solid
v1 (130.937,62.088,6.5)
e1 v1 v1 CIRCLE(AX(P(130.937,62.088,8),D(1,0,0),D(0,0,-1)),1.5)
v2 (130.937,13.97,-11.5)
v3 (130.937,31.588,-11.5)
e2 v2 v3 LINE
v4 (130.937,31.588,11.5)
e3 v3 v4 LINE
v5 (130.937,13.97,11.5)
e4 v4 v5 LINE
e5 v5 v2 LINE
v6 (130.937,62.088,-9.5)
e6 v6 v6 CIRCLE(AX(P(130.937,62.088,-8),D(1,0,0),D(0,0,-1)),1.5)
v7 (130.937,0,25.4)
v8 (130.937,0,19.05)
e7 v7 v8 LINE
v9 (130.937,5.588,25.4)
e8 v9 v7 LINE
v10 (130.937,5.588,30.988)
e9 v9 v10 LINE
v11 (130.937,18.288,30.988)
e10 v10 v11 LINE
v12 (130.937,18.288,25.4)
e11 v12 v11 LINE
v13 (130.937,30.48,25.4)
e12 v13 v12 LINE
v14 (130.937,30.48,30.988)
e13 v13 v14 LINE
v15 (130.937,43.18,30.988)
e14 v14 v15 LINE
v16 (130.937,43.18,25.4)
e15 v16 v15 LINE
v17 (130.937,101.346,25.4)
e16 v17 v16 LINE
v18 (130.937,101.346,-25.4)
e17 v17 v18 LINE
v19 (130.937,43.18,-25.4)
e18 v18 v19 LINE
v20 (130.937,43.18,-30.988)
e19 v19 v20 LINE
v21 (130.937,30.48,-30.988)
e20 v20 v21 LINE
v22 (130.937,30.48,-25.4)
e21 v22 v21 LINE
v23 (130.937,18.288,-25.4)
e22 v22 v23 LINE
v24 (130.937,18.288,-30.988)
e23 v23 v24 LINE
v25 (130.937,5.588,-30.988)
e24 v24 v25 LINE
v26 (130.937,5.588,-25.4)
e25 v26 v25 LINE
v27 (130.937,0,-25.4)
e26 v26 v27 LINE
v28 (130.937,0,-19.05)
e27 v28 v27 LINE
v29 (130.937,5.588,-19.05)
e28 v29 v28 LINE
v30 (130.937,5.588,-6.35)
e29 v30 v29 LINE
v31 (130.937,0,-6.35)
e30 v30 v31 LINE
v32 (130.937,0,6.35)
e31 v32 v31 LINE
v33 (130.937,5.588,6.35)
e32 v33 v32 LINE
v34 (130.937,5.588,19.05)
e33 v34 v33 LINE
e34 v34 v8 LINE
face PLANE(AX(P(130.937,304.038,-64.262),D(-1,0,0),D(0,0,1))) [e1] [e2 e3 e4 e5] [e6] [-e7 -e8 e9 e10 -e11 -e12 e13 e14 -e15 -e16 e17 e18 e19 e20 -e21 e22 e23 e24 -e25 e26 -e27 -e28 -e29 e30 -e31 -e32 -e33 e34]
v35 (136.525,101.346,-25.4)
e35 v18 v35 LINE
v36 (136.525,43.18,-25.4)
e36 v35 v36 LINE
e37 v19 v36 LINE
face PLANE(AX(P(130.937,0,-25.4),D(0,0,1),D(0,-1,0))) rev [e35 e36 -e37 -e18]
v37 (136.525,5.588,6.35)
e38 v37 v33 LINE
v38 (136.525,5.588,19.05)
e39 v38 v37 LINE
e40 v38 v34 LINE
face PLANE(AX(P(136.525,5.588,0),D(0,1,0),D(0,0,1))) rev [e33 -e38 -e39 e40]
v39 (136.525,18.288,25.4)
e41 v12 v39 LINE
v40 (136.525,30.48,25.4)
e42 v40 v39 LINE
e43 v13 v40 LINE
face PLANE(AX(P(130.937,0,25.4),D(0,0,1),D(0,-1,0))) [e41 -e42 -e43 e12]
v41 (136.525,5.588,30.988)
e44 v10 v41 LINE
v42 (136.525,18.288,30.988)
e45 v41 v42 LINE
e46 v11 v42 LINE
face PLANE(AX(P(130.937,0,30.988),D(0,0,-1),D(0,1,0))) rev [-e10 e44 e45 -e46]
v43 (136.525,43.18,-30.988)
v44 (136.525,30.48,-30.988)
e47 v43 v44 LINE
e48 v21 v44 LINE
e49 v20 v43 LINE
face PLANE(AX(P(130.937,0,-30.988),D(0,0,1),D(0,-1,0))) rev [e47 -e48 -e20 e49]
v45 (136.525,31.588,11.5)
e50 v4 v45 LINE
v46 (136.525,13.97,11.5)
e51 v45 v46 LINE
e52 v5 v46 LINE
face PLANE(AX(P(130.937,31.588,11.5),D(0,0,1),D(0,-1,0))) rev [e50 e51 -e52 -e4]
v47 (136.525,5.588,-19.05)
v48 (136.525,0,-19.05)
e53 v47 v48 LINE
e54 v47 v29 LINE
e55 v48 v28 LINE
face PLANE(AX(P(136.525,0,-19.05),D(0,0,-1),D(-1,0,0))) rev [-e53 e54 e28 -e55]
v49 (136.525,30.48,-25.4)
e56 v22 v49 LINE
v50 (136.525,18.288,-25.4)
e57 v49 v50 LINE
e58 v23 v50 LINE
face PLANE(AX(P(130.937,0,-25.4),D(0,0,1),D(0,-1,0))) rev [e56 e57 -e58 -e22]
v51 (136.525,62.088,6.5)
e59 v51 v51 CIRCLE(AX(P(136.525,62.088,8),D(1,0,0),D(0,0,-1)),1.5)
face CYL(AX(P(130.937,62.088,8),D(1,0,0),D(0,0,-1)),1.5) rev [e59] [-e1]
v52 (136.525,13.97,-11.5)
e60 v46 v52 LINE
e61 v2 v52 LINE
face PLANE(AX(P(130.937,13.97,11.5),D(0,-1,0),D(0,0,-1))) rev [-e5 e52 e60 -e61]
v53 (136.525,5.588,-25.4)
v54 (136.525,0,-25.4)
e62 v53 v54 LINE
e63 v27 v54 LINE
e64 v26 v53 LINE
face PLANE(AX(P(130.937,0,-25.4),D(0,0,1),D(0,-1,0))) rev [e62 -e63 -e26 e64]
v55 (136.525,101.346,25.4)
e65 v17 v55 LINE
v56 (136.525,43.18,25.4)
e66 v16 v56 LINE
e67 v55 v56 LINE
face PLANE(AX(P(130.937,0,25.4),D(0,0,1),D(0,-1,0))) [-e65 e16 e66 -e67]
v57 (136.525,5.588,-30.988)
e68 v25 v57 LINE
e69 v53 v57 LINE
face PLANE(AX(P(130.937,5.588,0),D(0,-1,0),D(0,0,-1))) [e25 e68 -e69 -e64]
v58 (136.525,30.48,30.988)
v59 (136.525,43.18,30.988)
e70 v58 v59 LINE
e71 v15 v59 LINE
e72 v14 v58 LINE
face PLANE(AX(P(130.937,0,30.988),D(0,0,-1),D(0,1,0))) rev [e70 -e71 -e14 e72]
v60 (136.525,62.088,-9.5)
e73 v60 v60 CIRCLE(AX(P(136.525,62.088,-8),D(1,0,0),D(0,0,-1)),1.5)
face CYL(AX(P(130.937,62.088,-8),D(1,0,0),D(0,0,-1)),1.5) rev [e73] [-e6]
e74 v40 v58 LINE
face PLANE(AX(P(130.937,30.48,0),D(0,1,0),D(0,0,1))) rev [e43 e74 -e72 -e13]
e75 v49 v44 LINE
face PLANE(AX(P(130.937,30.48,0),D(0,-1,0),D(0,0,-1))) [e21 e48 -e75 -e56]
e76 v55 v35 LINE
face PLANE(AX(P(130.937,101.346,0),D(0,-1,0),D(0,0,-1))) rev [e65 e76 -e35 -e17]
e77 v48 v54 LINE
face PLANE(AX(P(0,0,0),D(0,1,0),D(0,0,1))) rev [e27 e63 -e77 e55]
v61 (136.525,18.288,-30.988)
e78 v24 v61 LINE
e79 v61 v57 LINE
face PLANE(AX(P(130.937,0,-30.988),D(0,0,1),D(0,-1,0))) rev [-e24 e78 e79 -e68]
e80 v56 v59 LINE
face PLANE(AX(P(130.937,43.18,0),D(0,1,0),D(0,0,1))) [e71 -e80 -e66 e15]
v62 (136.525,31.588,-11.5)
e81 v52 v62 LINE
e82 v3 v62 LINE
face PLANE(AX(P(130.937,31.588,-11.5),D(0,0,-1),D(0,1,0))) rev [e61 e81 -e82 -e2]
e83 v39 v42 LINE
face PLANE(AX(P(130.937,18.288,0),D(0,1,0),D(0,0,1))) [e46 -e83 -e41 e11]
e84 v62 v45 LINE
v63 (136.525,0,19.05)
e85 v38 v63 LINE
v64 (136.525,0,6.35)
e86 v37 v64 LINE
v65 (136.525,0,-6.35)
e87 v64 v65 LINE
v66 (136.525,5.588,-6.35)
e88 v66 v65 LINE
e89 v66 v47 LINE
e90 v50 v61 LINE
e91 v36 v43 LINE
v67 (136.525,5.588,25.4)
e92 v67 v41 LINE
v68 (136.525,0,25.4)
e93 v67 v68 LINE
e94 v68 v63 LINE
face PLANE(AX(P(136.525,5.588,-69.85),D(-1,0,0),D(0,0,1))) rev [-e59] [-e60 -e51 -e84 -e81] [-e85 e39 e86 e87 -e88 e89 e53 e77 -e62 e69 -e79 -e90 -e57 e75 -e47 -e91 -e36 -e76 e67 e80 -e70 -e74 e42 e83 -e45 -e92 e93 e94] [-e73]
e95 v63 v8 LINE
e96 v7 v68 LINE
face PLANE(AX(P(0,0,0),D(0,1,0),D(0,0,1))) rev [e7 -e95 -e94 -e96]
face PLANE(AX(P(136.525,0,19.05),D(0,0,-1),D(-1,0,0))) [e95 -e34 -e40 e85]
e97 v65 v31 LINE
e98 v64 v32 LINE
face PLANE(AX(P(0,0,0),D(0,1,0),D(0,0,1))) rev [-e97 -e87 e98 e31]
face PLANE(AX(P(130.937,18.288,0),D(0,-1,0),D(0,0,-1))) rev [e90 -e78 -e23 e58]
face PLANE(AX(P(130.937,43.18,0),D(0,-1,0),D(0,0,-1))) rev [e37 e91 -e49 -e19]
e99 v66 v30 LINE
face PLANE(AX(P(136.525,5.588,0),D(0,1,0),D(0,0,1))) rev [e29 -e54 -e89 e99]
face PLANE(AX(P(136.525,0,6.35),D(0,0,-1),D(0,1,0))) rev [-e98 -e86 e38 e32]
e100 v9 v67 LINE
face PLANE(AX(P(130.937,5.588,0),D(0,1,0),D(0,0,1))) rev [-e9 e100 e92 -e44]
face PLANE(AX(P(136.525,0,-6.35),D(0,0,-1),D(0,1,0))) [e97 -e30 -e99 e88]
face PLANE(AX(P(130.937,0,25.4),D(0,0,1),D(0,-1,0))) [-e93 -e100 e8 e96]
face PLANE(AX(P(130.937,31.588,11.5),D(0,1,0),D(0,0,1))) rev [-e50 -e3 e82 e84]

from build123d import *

# Parameters (mm, degrees)
SKETCH1_W              = 273.05
SKETCH1_H              = 139.7
BOSS_EXTRUDE1_DEPTH    = 5.588
SKETCH2_W              = 273.05
SKETCH2_H              = 139.7
SKETCH2_W_2            = 261.874
SKETCH2_H_2            = 128.524
BOSS_EXTRUDE2_DEPTH    = 298.45
SKETCH3_W              = 6.35
SKETCH3_H              = 16.933333333
SKETCH3_H_2            = 16.933333334
DOOR_SLOT_DEPTH        = 12.7
DOOR_GUIDE_HOLES_REACH = 361.255
SKETCH4_W              = 6.35
SKETCH4_H              = 15.875
LEVER_HOLES_W          = 9.652
LEVER_HOLES_H          = 6.35
LEVER_HOLES_W_2        = 6.35
CUT_EXTRUDE1_DEPTH     = 362.378293578
CUT_EXTRUDE3_REACH     = 416.577
SKETCH8_R              = 3.175
SKETCH16_W             = 327.238778096
SKETCH16_H             = 314.471565403
CUT_EXTRUDE10_DEPTH    = 362.378293578
LEFT_RIGHT_W           = 6.35
LEFT_RIGHT_H           = 5.588
LEFT_RIGHT_W_2         = 12.7
LEFT_RIGHT_H_2         = 12.66825
CUT_EXTRUDE11_DEPTH    = 415.577411883
SKETCH17_R             = 1.5
SKETCH17_W             = 23
SKETCH17_H             = 17.61800007
CUT_EXTRUDE12_DEPTH    = 313.00857951
CUT_EXTRUDE13_DEPTH    = 313.00857951


with BuildPart() as part:
    # Sketch1 → Boss-Extrude1 (new body)
    with BuildSketch(Plane(origin=(0, 0, 0), x_dir=(1, 0, 0), z_dir=(0, 1, 0))):
        Rectangle(SKETCH1_W, SKETCH1_H)
    extrude(amount=BOSS_EXTRUDE1_DEPTH)

    # Sketch2 → Boss-Extrude2 (add)
    with BuildSketch(Plane(origin=(0, 5.588, 0), x_dir=(1, 0, 0), z_dir=(0, 1, 0))):
        Rectangle(SKETCH2_W, SKETCH2_H)
        Rectangle(SKETCH2_W_2, SKETCH2_H_2, mode=Mode.SUBTRACT)
    extrude(amount=BOSS_EXTRUDE2_DEPTH)

    # Sketch3 → Door Slot (cut)
    with BuildSketch(Plane.XY.offset(69.85)):
        with BuildLine():
            Line((-29.337, 282.448), (-29.337, 5.588))
            Line((-29.337, 5.588), (-22.733, 5.588))
            Line((-22.733, 5.588), (-22.733, 291.592))
            Line((-22.733, 291.592), (-42.291, 291.592))
            Line((-42.291, 291.592), (-42.291, 284.988))
            Line((-42.291, 284.988), (-31.877, 284.988))
            ThreePointArc((-31.877, 284.988), (-30.080948776, 284.244051224), (-29.337, 282.448))
        make_face()
        with Locations((-13.208, 80.433333334)):
            Rectangle(SKETCH3_W, SKETCH3_H)
        with Locations((-13.208, 50.8)):
            Rectangle(SKETCH3_W, SKETCH3_H_2)
        with Locations((-13.208, 21.166666667)):
            Rectangle(SKETCH3_W, SKETCH3_H)
    extrude(amount=-DOOR_SLOT_DEPTH, mode=Mode.SUBTRACT)

    # Sketch4 → Door Guide Holes (cut, up to next)
    with BuildSketch(Plane.XY.offset(-64.262), mode=Mode.PRIVATE) as door_guide_holes_sk1:
        with Locations((-45.466, 283.4005)):
            Rectangle(SKETCH4_W, SKETCH4_H)
    door_guide_holes_tool1 = extrude(door_guide_holes_sk1.sketch, amount=-DOOR_GUIDE_HOLES_REACH, mode=Mode.PRIVATE) & part.part
    # Sketch4 → Door Guide Holes (cut, up to next)
    with BuildSketch(Plane.XY.offset(-64.262), mode=Mode.PRIVATE) as door_guide_holes_sk2:
        with Locations((-45.466, 254.8255)):
            Rectangle(SKETCH4_W, SKETCH4_H)
    door_guide_holes_tool2 = extrude(door_guide_holes_sk2.sketch, amount=-DOOR_GUIDE_HOLES_REACH, mode=Mode.PRIVATE) & part.part
    # Sketch4 → Door Guide Holes (cut, up to next)
    with BuildSketch(Plane.XY.offset(-64.262), mode=Mode.PRIVATE) as door_guide_holes_sk3:
        with Locations((-45.466, 226.2505)):
            Rectangle(SKETCH4_W, SKETCH4_H)
    door_guide_holes_tool3 = extrude(door_guide_holes_sk3.sketch, amount=-DOOR_GUIDE_HOLES_REACH, mode=Mode.PRIVATE) & part.part
    # Sketch4 → Door Guide Holes (cut, up to next)
    with BuildSketch(Plane.XY.offset(-64.262), mode=Mode.PRIVATE) as door_guide_holes_sk4:
        with Locations((-45.466, 197.6755)):
            Rectangle(SKETCH4_W, SKETCH4_H)
    door_guide_holes_tool4 = extrude(door_guide_holes_sk4.sketch, amount=-DOOR_GUIDE_HOLES_REACH, mode=Mode.PRIVATE) & part.part
    # Sketch4 → Door Guide Holes (cut, up to next)
    with BuildSketch(Plane.XY.offset(-64.262), mode=Mode.PRIVATE) as door_guide_holes_sk5:
        with Locations((-45.466, 169.1005)):
            Rectangle(SKETCH4_W, SKETCH4_H)
    door_guide_holes_tool5 = extrude(door_guide_holes_sk5.sketch, amount=-DOOR_GUIDE_HOLES_REACH, mode=Mode.PRIVATE) & part.part
    # Sketch4 → Door Guide Holes (cut, up to next)
    with BuildSketch(Plane.XY.offset(-64.262), mode=Mode.PRIVATE) as door_guide_holes_sk6:
        with Locations((-45.466, 140.5255)):
            Rectangle(SKETCH4_W, SKETCH4_H)
    door_guide_holes_tool6 = extrude(door_guide_holes_sk6.sketch, amount=-DOOR_GUIDE_HOLES_REACH, mode=Mode.PRIVATE) & part.part
    # Sketch4 → Door Guide Holes (cut, up to next)
    with BuildSketch(Plane.XY.offset(-64.262), mode=Mode.PRIVATE) as door_guide_holes_sk7:
        with Locations((-45.466, 111.9505)):
            Rectangle(SKETCH4_W, SKETCH4_H)
    door_guide_holes_tool7 = extrude(door_guide_holes_sk7.sketch, amount=-DOOR_GUIDE_HOLES_REACH, mode=Mode.PRIVATE) & part.part
    # Sketch4 → Door Guide Holes (cut, up to next)
    with BuildSketch(Plane.XY.offset(-64.262), mode=Mode.PRIVATE) as door_guide_holes_sk8:
        with Locations((-45.466, 83.3755)):
            Rectangle(SKETCH4_W, SKETCH4_H)
    door_guide_holes_tool8 = extrude(door_guide_holes_sk8.sketch, amount=-DOOR_GUIDE_HOLES_REACH, mode=Mode.PRIVATE) & part.part
    # Sketch4 → Door Guide Holes (cut, up to next)
    with BuildSketch(Plane.XY.offset(-64.262), mode=Mode.PRIVATE) as door_guide_holes_sk9:
        with Locations((-45.466, 54.8005)):
            Rectangle(SKETCH4_W, SKETCH4_H)
    door_guide_holes_tool9 = extrude(door_guide_holes_sk9.sketch, amount=-DOOR_GUIDE_HOLES_REACH, mode=Mode.PRIVATE) & part.part
    # Sketch4 → Door Guide Holes (cut, up to next)
    with BuildSketch(Plane.XY.offset(-64.262), mode=Mode.PRIVATE) as door_guide_holes_sk10:
        with Locations((-45.466, 26.2255)):
            Rectangle(SKETCH4_W, SKETCH4_H)
    door_guide_holes_tool10 = extrude(door_guide_holes_sk10.sketch, amount=-DOOR_GUIDE_HOLES_REACH, mode=Mode.PRIVATE) & part.part
    door_guide_holes_1 = door_guide_holes_tool1.solids().sort_by_distance((-45.466, 283.4005, -64.262))[0]
    add(door_guide_holes_1, mode=Mode.SUBTRACT)
    door_guide_holes_2 = door_guide_holes_tool2.solids().sort_by_distance((-45.466, 254.8255, -64.262))[0]
    add(door_guide_holes_2, mode=Mode.SUBTRACT)
    door_guide_holes_3 = door_guide_holes_tool3.solids().sort_by_distance((-45.466, 226.2505, -64.262))[0]
    add(door_guide_holes_3, mode=Mode.SUBTRACT)
    door_guide_holes_4 = door_guide_holes_tool4.solids().sort_by_distance((-45.466, 197.6755, -64.262))[0]
    add(door_guide_holes_4, mode=Mode.SUBTRACT)
    door_guide_holes_5 = door_guide_holes_tool5.solids().sort_by_distance((-45.466, 169.1005, -64.262))[0]
    add(door_guide_holes_5, mode=Mode.SUBTRACT)
    door_guide_holes_6 = door_guide_holes_tool6.solids().sort_by_distance((-45.466, 140.5255, -64.262))[0]
    add(door_guide_holes_6, mode=Mode.SUBTRACT)
    door_guide_holes_7 = door_guide_holes_tool7.solids().sort_by_distance((-45.466, 111.9505, -64.262))[0]
    add(door_guide_holes_7, mode=Mode.SUBTRACT)
    door_guide_holes_8 = door_guide_holes_tool8.solids().sort_by_distance((-45.466, 83.3755, -64.262))[0]
    add(door_guide_holes_8, mode=Mode.SUBTRACT)
    door_guide_holes_9 = door_guide_holes_tool9.solids().sort_by_distance((-45.466, 54.8005, -64.262))[0]
    add(door_guide_holes_9, mode=Mode.SUBTRACT)
    door_guide_holes_10 = door_guide_holes_tool10.solids().sort_by_distance((-45.466, 26.2255, -64.262))[0]
    add(door_guide_holes_10, mode=Mode.SUBTRACT)
    door_guide_holes = door_guide_holes_1 + door_guide_holes_2 + door_guide_holes_3 + door_guide_holes_4 + door_guide_holes_5 + door_guide_holes_6 + door_guide_holes_7 + door_guide_holes_8 + door_guide_holes_9 + door_guide_holes_10  # Door Guide Holes as one shape, for the pattern or mirror that repeats it

    # Mirror1: Door Guide Holes across plane
    add(door_guide_holes.mirror(Plane.ZY.offset(32.512)), mode=Mode.SUBTRACT)

    # Lever Holes → Cut-Extrude1 (cut, through all)
    with BuildSketch(Plane.XY.offset(69.85)):
        with Locations((54.102, 28.575)):
            Rectangle(LEVER_HOLES_W, LEVER_HOLES_H)
        with Locations((39.3065, 15.875)):
            Rectangle(LEVER_HOLES_W_2, LEVER_HOLES_H)
        with Locations((68.8975, 15.875)):
            Rectangle(LEVER_HOLES_W_2, LEVER_HOLES_H)
    extrude(amount=-CUT_EXTRUDE1_DEPTH, mode=Mode.SUBTRACT)

    # Sketch8 → Cut-Extrude3 (cut, up to next)
    with BuildSketch(Plane.ZY.offset(136.525), mode=Mode.PRIVATE) as cut_extrude3_sk1:
        with Locations((0, 19.05)):
            Circle(SKETCH8_R)
    cut_extrude3_tool1 = extrude(cut_extrude3_sk1.sketch, amount=-CUT_EXTRUDE3_REACH, mode=Mode.PRIVATE) & part.part
    add(cut_extrude3_tool1.solids().sort_by_distance((-136.525, 19.05, 0))[0], mode=Mode.SUBTRACT)

    # Sketch16 → Cut-Extrude10 (cut, through all)
    with BuildSketch(Plane.XY.offset(69.85)):
        with Locations((-32.682389048, 146.802217299)):
            Rectangle(SKETCH16_W, SKETCH16_H)
    extrude(amount=-CUT_EXTRUDE10_DEPTH, mode=Mode.SUBTRACT)

    # Left/Right → Cut-Extrude11 (cut, through all)
    with BuildSketch(Plane.ZY.offset(136.525)):
        with Locations((60.325, 2.794)):
            Rectangle(LEFT_RIGHT_W, LEFT_RIGHT_H)
        with Locations((38.1, 2.794)):
            Rectangle(LEFT_RIGHT_W_2, LEFT_RIGHT_H)
        with Locations((66.675, 19.002375)):
            Rectangle(LEFT_RIGHT_W, LEFT_RIGHT_H_2)
        with Locations((12.7, 2.794)):
            Rectangle(LEFT_RIGHT_W_2, LEFT_RIGHT_H)
        with Locations((66.675, 44.338875)):
            Rectangle(LEFT_RIGHT_W, LEFT_RIGHT_H_2)
        with Locations((-12.7, 2.794)):
            Rectangle(LEFT_RIGHT_W_2, LEFT_RIGHT_H)
        with Locations((66.675, 69.675375)):
            Rectangle(LEFT_RIGHT_W, LEFT_RIGHT_H_2)
        with Locations((-38.1, 2.794)):
            Rectangle(LEFT_RIGHT_W_2, LEFT_RIGHT_H)
        with Locations((66.675, 95.011875)):
            Rectangle(LEFT_RIGHT_W, LEFT_RIGHT_H_2)
        with Locations((-60.325, 2.794)):
            Rectangle(LEFT_RIGHT_W, LEFT_RIGHT_H)
        with Locations((66.675, 120.348375)):
            Rectangle(LEFT_RIGHT_W, LEFT_RIGHT_H_2)
        with Locations((-66.675, 19.002375)):
            Rectangle(LEFT_RIGHT_W, LEFT_RIGHT_H_2)
        with Locations((66.675, 145.684875)):
            Rectangle(LEFT_RIGHT_W, LEFT_RIGHT_H_2)
        with Locations((-66.675, 44.338875)):
            Rectangle(LEFT_RIGHT_W, LEFT_RIGHT_H_2)
        with Locations((66.675, 171.021375)):
            Rectangle(LEFT_RIGHT_W, LEFT_RIGHT_H_2)
        with Locations((-66.675, 69.675375)):
            Rectangle(LEFT_RIGHT_W, LEFT_RIGHT_H_2)
        with Locations((66.675, 196.357875)):
            Rectangle(LEFT_RIGHT_W, LEFT_RIGHT_H_2)
        with Locations((-66.675, 95.011875)):
            Rectangle(LEFT_RIGHT_W, LEFT_RIGHT_H_2)
        with Locations((66.675, 221.694375)):
            Rectangle(LEFT_RIGHT_W, LEFT_RIGHT_H_2)
        with Locations((-66.675, 120.348375)):
            Rectangle(LEFT_RIGHT_W, LEFT_RIGHT_H_2)
        with Locations((66.675, 247.030875)):
            Rectangle(LEFT_RIGHT_W, LEFT_RIGHT_H_2)
        with Locations((-66.675, 145.684875)):
            Rectangle(LEFT_RIGHT_W, LEFT_RIGHT_H_2)
        with Locations((66.675, 272.367375)):
            Rectangle(LEFT_RIGHT_W, LEFT_RIGHT_H_2)
        with Locations((-66.675, 171.021375)):
            Rectangle(LEFT_RIGHT_W, LEFT_RIGHT_H_2)
        with Locations((66.675, 297.703875)):
            Rectangle(LEFT_RIGHT_W, LEFT_RIGHT_H_2)
        with Locations((-66.675, 196.357875)):
            Rectangle(LEFT_RIGHT_W, LEFT_RIGHT_H_2)
        with Locations((-66.675, 221.694375)):
            Rectangle(LEFT_RIGHT_W, LEFT_RIGHT_H_2)
        with Locations((-66.675, 247.030875)):
            Rectangle(LEFT_RIGHT_W, LEFT_RIGHT_H_2)
        with Locations((-66.675, 272.367375)):
            Rectangle(LEFT_RIGHT_W, LEFT_RIGHT_H_2)
        with Locations((-66.675, 297.703875)):
            Rectangle(LEFT_RIGHT_W, LEFT_RIGHT_H_2)
    extrude(amount=-CUT_EXTRUDE11_DEPTH, mode=Mode.SUBTRACT)

    # Sketch17 → Cut-Extrude12 (cut, through all)
    with BuildSketch(Plane(origin=(136.525, 0, 0), x_dir=(0, 0, -1), z_dir=(1, 0, 0))):
        with Locations((-8, 62.088)):
            Circle(SKETCH17_R)
        with Locations((8, 62.088)):
            Circle(SKETCH17_R)
        with Locations((-50.8, 159.894)):
            Circle(SKETCH17_R)
        with Locations((-50.8, 144.144)):
            Circle(SKETCH17_R)
        with Locations(Location((50.8, 144.144, 0), (0, 0, 180))):
            Circle(SKETCH17_R)
        with Locations(Location((50.8, 159.894, 0), (0, 0, 180))):
            Circle(SKETCH17_R)
        with Locations((0, 22.779000035)):
            Rectangle(SKETCH17_W, SKETCH17_H)
    extrude(amount=-CUT_EXTRUDE12_DEPTH, mode=Mode.SUBTRACT)

    # Sketch18 → Cut-Extrude13 (cut, through all)
    with BuildSketch(Plane(origin=(136.525, 0, 0), x_dir=(0, 0, -1), z_dir=(1, 0, 0))):
        Polygon((-69.85, 304.038), (-69.85, 0), (-25.4, 0), (-25.4, 5.588), (-30.988, 5.588), (-30.988, 18.288), (-25.4, 18.288), (-25.4, 30.48), (-30.988, 30.48), (-30.988, 43.18), (-25.4, 43.18), (-25.4, 101.346), (25.4, 101.346), (25.4, 43.18), (30.988, 43.18), (30.988, 30.48), (25.4, 30.48), (25.4, 18.288), (30.988, 18.288), (30.988, 5.588), (25.4, 5.588), (25.4, 0), (69.85, 0), (69.85, 304.038), align=None)
    extrude(amount=-CUT_EXTRUDE13_DEPTH, mode=Mode.SUBTRACT)


solid = part.part
